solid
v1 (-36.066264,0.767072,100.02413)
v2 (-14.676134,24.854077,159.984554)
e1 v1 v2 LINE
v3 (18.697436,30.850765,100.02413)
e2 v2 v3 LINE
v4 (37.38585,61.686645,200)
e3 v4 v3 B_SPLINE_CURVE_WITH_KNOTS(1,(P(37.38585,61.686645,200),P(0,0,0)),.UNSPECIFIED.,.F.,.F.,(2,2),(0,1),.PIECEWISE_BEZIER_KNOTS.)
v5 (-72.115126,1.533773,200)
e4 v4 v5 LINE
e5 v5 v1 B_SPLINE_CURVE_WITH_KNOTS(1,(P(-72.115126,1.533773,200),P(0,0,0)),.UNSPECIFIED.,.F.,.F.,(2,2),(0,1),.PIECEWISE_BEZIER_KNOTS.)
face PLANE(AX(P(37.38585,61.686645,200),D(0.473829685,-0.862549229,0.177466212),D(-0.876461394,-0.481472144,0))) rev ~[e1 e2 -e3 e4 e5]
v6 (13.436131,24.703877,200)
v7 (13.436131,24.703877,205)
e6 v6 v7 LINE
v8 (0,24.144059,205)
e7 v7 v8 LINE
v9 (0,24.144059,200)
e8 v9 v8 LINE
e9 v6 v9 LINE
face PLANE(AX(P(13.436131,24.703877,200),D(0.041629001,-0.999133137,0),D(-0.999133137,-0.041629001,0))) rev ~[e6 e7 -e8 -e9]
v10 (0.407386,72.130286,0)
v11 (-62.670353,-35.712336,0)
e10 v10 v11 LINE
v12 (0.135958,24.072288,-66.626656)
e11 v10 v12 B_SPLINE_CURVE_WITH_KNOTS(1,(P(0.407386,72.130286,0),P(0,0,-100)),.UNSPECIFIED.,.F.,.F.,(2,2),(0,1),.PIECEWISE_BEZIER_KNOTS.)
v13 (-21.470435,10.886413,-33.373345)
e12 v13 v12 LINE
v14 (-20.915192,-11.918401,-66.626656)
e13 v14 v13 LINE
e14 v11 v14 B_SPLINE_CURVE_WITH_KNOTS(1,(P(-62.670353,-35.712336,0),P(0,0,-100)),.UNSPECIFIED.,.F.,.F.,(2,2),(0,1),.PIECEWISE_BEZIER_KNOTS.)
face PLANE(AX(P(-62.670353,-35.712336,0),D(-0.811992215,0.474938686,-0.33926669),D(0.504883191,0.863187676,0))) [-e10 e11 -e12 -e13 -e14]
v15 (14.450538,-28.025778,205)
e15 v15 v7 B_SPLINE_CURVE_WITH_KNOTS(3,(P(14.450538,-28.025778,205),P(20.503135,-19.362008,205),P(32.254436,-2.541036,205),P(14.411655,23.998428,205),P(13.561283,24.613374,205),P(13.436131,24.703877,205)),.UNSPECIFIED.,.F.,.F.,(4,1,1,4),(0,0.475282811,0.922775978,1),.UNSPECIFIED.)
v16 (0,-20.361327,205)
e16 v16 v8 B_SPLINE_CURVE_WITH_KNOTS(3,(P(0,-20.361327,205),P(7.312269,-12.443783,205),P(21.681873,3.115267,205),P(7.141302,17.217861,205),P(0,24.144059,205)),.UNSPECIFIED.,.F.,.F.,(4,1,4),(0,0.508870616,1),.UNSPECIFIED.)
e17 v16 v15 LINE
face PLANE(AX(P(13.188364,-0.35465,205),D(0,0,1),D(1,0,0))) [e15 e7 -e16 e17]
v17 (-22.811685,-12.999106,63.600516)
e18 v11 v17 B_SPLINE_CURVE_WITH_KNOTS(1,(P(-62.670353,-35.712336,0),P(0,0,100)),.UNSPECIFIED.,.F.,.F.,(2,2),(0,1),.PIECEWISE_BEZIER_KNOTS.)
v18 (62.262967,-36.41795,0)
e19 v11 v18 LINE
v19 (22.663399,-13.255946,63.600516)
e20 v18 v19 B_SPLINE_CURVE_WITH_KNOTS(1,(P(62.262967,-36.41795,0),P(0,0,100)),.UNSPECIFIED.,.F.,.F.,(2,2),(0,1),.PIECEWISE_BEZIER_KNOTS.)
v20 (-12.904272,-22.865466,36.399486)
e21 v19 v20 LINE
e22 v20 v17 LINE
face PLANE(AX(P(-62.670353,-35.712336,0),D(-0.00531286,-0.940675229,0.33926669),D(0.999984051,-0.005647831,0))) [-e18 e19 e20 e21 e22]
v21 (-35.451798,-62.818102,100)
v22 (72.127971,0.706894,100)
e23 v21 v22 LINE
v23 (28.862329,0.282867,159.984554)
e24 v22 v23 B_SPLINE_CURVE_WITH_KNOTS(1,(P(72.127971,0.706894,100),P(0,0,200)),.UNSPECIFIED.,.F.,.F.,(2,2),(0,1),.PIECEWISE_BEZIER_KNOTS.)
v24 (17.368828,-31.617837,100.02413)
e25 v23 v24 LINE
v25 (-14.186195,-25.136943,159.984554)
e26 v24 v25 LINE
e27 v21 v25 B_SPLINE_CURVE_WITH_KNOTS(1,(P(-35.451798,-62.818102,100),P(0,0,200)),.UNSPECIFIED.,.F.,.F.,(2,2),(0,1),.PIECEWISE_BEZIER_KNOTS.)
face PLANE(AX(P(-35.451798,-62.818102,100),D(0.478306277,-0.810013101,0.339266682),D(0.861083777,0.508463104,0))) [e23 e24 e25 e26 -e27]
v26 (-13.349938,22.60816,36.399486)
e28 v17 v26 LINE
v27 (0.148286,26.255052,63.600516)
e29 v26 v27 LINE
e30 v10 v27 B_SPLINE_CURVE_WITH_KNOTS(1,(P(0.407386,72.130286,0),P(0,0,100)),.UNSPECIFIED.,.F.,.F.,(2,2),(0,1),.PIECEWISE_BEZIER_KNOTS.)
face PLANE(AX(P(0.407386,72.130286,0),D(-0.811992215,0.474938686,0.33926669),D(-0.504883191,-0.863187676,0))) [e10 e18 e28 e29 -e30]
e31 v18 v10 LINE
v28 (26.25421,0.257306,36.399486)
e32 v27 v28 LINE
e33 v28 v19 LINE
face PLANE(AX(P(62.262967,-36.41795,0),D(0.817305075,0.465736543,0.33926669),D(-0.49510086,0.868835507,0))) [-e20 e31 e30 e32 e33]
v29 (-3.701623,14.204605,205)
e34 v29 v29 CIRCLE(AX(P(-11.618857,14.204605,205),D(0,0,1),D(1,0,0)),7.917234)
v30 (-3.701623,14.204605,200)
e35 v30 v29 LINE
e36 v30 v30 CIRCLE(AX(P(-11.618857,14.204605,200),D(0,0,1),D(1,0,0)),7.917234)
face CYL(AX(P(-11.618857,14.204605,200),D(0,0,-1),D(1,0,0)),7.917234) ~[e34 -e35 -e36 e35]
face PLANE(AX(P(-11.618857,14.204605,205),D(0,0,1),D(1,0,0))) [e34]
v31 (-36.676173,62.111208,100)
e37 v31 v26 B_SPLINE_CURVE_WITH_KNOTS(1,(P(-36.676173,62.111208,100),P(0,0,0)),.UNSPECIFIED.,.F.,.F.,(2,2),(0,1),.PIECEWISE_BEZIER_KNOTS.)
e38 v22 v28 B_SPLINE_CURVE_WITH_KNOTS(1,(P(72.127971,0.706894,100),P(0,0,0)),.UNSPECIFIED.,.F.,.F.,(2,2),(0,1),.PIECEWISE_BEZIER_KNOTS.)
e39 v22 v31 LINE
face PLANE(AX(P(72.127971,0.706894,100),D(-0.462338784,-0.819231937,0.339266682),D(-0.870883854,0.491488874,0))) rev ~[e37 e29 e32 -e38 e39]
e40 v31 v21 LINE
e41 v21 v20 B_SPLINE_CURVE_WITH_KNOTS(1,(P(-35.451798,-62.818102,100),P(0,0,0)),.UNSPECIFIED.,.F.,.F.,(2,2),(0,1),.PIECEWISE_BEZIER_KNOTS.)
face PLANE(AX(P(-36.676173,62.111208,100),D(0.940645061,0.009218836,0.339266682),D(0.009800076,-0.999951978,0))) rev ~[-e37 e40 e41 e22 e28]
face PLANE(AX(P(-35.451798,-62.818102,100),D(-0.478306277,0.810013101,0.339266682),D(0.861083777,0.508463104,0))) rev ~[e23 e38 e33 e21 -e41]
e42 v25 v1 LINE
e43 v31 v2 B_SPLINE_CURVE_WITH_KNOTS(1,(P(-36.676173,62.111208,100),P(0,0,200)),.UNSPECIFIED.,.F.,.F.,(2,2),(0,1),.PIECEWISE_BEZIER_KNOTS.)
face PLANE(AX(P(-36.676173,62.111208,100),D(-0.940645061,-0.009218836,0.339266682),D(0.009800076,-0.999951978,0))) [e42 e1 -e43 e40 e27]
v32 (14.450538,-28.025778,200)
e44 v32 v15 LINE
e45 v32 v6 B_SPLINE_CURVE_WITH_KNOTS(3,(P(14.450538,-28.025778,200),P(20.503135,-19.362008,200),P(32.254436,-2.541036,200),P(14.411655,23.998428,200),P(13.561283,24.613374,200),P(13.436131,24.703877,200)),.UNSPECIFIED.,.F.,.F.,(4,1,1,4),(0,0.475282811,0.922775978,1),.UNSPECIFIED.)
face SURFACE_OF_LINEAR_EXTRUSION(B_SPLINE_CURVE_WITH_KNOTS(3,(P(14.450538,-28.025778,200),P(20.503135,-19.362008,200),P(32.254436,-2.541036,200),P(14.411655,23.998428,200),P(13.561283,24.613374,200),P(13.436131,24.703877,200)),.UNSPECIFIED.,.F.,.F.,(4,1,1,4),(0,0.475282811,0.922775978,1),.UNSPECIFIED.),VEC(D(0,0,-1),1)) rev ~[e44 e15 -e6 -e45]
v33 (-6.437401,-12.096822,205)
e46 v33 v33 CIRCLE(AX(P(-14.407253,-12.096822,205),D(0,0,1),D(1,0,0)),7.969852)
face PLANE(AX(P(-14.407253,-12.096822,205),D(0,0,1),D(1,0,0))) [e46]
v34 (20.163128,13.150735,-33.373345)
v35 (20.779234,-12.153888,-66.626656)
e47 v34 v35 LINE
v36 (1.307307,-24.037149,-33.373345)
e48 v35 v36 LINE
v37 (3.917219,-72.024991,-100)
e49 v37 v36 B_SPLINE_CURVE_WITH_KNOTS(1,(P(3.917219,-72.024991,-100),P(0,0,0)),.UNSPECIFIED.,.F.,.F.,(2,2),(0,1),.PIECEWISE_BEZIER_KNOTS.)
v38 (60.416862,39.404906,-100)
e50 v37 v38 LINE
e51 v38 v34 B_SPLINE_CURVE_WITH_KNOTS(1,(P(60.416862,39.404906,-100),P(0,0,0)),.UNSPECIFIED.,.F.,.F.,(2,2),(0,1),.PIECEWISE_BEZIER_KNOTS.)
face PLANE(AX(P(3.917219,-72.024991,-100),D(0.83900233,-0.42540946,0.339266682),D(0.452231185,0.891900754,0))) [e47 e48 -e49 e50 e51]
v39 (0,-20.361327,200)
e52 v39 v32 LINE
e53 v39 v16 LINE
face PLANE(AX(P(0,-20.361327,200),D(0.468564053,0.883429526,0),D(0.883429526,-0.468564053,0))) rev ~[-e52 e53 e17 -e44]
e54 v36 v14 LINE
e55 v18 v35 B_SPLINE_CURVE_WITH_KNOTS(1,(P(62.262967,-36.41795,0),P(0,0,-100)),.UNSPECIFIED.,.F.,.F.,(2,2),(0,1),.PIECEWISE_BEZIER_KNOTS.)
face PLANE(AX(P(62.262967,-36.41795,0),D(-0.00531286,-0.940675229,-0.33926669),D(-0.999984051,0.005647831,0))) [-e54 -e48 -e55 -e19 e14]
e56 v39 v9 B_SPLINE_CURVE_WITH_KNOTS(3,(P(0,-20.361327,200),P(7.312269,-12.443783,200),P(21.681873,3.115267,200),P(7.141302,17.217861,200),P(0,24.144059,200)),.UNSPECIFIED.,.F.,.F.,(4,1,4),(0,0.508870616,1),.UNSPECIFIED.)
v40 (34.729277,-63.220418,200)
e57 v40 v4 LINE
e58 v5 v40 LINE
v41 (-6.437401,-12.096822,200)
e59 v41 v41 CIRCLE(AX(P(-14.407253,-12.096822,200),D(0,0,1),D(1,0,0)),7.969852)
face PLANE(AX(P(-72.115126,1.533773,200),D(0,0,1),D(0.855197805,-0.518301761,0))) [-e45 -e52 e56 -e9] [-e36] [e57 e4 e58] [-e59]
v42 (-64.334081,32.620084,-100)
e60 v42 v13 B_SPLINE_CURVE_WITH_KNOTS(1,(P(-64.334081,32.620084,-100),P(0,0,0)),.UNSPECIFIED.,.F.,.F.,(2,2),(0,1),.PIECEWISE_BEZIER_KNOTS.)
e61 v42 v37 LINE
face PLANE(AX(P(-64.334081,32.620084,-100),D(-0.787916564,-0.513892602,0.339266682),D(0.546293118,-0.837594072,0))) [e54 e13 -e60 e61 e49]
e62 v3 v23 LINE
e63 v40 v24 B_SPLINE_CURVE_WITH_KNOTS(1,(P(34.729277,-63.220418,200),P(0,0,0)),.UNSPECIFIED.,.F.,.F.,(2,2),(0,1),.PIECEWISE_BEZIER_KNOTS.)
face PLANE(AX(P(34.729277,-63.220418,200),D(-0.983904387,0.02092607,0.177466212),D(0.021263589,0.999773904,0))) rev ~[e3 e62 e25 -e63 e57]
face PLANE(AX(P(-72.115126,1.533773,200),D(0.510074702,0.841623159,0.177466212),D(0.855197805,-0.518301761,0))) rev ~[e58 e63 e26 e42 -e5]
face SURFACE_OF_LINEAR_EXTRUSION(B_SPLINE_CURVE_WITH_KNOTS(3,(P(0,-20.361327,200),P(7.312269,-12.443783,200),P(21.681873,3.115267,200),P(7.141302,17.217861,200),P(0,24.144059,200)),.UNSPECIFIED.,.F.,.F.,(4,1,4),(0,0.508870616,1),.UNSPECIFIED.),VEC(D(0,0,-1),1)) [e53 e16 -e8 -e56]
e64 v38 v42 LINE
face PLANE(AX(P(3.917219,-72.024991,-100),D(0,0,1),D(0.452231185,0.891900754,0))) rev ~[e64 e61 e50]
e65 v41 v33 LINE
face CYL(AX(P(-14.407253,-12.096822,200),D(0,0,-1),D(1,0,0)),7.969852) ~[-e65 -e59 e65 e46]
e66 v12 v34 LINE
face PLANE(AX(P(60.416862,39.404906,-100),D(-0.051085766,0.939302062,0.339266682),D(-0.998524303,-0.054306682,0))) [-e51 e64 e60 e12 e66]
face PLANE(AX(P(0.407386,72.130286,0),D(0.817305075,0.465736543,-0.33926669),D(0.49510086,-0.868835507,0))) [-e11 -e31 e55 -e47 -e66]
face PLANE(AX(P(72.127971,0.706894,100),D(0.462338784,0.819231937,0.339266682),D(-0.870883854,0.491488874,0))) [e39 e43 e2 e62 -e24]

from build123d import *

# Parameters (mm, degrees)
F16_R     = 7.9698515936
F16_R_2   = 7.9172343221
F17_DEPTH = 5


with BuildPart() as f3:
    # F0 (on Top) → F3 section 0
    with BuildSketch(Plane.XY, mode=Mode.PRIVATE) as f3_s0:
        Polygon((0.4073861914, 72.1302863076), (-62.6703534203, -35.7123363628), (62.2629672289, -36.4179499447), align=None)
    loft([f3_s0.sketch, Vertex(0, 0, 100)])

    # F4 (on offset) → F5 section 0
    with BuildSketch(Plane.XY.offset(100), mode=Mode.PRIVATE) as f5_s0:
        Polygon((72.1279709711, 0.706893576), (-36.6761732802, 62.1112083964), (-35.4517976909, -62.8181019724), align=None)
    loft([f5_s0.sketch, Vertex(0, 0, 0)])

    # F5_face (on face) → F10 section 0
    with BuildSketch(Plane.XY.offset(100), mode=Mode.PRIVATE) as f10_s0:
        Polygon((-35.4517976909, -62.8181019724), (72.1279709711, 0.706893576), (-36.6761732802, 62.1112083964), align=None)
    loft([f10_s0.sketch, Vertex(0, 0, 200)])

    # F3_face (on face) → F11 section 0
    with BuildSketch(Plane(origin=(0, 0, 0), x_dir=(1, 0, 0), z_dir=(0, 0, -1)), mode=Mode.PRIVATE) as f11_s0:
        Polygon((-62.6703534203, 35.7123363628), (0.4073861914, -72.1302863076), (62.2629672289, 36.4179499447), align=None)
    loft([f11_s0.sketch, Vertex(0, 0, -100)])

    # F12 (on offset) → F13 section 0
    with BuildSketch(Plane.XY.offset(200), mode=Mode.PRIVATE) as f13_s0:
        Polygon((-72.1151262546, 1.5337731971), (34.729276575, -63.2204179321), (37.3858496796, 61.686644735), align=None)
    loft([f13_s0.sketch, Vertex(0, 0, 0)])

    # F14 (on offset) → F15 section 0
    with BuildSketch(Plane.XY.offset(-100), mode=Mode.PRIVATE) as f15_s0:
        Polygon((3.9172189187, -72.0249907385), (60.4168622275, 39.404906465), (-64.3340811462, 32.6200842734), align=None)
    loft([f15_s0.sketch, Vertex(0, 0, 0)])

    # F16 (on offset) → F17 (join)
    with BuildSketch(Plane.XY.offset(200)):
        with Locations((-14.4072528929, -12.0968222618)):
            Circle(F16_R)
        with Locations((-11.618857272, 14.2046045512)):
            Circle(F16_R_2)
        with BuildLine():
            Line((0, -20.3613266349), (14.4505379722, -28.0257780105))
            add(Edge.make_bspline(
                [(14.4505379722, -28.0257780105), (20.5031350206, -19.362007973), (32.2544355779, -2.5410359414), (14.4116547637, 23.9984281751), (13.5612826949, 24.6133738576), (13.4361311793, 24.7038770467)],
                knots=[0, 0, 0, 0, 0.4752828108, 0.9227759779, 1, 1, 1, 1], degree=3))
            Line((13.4361311793, 24.7038770467), (0, 24.1440590471))
            add(Edge.make_bspline(
                [(0, -20.3613266349), (7.3122692601, -12.4437830296), (21.681873302, 3.1152674575), (7.141301884, 17.2178609781), (0, 24.1440590471)],
                knots=[0, 0, 0, 0, 0.508870616, 1, 1, 1, 1], degree=3))
        make_face()
    extrude(amount=F17_DEPTH)


solid = f3.part
